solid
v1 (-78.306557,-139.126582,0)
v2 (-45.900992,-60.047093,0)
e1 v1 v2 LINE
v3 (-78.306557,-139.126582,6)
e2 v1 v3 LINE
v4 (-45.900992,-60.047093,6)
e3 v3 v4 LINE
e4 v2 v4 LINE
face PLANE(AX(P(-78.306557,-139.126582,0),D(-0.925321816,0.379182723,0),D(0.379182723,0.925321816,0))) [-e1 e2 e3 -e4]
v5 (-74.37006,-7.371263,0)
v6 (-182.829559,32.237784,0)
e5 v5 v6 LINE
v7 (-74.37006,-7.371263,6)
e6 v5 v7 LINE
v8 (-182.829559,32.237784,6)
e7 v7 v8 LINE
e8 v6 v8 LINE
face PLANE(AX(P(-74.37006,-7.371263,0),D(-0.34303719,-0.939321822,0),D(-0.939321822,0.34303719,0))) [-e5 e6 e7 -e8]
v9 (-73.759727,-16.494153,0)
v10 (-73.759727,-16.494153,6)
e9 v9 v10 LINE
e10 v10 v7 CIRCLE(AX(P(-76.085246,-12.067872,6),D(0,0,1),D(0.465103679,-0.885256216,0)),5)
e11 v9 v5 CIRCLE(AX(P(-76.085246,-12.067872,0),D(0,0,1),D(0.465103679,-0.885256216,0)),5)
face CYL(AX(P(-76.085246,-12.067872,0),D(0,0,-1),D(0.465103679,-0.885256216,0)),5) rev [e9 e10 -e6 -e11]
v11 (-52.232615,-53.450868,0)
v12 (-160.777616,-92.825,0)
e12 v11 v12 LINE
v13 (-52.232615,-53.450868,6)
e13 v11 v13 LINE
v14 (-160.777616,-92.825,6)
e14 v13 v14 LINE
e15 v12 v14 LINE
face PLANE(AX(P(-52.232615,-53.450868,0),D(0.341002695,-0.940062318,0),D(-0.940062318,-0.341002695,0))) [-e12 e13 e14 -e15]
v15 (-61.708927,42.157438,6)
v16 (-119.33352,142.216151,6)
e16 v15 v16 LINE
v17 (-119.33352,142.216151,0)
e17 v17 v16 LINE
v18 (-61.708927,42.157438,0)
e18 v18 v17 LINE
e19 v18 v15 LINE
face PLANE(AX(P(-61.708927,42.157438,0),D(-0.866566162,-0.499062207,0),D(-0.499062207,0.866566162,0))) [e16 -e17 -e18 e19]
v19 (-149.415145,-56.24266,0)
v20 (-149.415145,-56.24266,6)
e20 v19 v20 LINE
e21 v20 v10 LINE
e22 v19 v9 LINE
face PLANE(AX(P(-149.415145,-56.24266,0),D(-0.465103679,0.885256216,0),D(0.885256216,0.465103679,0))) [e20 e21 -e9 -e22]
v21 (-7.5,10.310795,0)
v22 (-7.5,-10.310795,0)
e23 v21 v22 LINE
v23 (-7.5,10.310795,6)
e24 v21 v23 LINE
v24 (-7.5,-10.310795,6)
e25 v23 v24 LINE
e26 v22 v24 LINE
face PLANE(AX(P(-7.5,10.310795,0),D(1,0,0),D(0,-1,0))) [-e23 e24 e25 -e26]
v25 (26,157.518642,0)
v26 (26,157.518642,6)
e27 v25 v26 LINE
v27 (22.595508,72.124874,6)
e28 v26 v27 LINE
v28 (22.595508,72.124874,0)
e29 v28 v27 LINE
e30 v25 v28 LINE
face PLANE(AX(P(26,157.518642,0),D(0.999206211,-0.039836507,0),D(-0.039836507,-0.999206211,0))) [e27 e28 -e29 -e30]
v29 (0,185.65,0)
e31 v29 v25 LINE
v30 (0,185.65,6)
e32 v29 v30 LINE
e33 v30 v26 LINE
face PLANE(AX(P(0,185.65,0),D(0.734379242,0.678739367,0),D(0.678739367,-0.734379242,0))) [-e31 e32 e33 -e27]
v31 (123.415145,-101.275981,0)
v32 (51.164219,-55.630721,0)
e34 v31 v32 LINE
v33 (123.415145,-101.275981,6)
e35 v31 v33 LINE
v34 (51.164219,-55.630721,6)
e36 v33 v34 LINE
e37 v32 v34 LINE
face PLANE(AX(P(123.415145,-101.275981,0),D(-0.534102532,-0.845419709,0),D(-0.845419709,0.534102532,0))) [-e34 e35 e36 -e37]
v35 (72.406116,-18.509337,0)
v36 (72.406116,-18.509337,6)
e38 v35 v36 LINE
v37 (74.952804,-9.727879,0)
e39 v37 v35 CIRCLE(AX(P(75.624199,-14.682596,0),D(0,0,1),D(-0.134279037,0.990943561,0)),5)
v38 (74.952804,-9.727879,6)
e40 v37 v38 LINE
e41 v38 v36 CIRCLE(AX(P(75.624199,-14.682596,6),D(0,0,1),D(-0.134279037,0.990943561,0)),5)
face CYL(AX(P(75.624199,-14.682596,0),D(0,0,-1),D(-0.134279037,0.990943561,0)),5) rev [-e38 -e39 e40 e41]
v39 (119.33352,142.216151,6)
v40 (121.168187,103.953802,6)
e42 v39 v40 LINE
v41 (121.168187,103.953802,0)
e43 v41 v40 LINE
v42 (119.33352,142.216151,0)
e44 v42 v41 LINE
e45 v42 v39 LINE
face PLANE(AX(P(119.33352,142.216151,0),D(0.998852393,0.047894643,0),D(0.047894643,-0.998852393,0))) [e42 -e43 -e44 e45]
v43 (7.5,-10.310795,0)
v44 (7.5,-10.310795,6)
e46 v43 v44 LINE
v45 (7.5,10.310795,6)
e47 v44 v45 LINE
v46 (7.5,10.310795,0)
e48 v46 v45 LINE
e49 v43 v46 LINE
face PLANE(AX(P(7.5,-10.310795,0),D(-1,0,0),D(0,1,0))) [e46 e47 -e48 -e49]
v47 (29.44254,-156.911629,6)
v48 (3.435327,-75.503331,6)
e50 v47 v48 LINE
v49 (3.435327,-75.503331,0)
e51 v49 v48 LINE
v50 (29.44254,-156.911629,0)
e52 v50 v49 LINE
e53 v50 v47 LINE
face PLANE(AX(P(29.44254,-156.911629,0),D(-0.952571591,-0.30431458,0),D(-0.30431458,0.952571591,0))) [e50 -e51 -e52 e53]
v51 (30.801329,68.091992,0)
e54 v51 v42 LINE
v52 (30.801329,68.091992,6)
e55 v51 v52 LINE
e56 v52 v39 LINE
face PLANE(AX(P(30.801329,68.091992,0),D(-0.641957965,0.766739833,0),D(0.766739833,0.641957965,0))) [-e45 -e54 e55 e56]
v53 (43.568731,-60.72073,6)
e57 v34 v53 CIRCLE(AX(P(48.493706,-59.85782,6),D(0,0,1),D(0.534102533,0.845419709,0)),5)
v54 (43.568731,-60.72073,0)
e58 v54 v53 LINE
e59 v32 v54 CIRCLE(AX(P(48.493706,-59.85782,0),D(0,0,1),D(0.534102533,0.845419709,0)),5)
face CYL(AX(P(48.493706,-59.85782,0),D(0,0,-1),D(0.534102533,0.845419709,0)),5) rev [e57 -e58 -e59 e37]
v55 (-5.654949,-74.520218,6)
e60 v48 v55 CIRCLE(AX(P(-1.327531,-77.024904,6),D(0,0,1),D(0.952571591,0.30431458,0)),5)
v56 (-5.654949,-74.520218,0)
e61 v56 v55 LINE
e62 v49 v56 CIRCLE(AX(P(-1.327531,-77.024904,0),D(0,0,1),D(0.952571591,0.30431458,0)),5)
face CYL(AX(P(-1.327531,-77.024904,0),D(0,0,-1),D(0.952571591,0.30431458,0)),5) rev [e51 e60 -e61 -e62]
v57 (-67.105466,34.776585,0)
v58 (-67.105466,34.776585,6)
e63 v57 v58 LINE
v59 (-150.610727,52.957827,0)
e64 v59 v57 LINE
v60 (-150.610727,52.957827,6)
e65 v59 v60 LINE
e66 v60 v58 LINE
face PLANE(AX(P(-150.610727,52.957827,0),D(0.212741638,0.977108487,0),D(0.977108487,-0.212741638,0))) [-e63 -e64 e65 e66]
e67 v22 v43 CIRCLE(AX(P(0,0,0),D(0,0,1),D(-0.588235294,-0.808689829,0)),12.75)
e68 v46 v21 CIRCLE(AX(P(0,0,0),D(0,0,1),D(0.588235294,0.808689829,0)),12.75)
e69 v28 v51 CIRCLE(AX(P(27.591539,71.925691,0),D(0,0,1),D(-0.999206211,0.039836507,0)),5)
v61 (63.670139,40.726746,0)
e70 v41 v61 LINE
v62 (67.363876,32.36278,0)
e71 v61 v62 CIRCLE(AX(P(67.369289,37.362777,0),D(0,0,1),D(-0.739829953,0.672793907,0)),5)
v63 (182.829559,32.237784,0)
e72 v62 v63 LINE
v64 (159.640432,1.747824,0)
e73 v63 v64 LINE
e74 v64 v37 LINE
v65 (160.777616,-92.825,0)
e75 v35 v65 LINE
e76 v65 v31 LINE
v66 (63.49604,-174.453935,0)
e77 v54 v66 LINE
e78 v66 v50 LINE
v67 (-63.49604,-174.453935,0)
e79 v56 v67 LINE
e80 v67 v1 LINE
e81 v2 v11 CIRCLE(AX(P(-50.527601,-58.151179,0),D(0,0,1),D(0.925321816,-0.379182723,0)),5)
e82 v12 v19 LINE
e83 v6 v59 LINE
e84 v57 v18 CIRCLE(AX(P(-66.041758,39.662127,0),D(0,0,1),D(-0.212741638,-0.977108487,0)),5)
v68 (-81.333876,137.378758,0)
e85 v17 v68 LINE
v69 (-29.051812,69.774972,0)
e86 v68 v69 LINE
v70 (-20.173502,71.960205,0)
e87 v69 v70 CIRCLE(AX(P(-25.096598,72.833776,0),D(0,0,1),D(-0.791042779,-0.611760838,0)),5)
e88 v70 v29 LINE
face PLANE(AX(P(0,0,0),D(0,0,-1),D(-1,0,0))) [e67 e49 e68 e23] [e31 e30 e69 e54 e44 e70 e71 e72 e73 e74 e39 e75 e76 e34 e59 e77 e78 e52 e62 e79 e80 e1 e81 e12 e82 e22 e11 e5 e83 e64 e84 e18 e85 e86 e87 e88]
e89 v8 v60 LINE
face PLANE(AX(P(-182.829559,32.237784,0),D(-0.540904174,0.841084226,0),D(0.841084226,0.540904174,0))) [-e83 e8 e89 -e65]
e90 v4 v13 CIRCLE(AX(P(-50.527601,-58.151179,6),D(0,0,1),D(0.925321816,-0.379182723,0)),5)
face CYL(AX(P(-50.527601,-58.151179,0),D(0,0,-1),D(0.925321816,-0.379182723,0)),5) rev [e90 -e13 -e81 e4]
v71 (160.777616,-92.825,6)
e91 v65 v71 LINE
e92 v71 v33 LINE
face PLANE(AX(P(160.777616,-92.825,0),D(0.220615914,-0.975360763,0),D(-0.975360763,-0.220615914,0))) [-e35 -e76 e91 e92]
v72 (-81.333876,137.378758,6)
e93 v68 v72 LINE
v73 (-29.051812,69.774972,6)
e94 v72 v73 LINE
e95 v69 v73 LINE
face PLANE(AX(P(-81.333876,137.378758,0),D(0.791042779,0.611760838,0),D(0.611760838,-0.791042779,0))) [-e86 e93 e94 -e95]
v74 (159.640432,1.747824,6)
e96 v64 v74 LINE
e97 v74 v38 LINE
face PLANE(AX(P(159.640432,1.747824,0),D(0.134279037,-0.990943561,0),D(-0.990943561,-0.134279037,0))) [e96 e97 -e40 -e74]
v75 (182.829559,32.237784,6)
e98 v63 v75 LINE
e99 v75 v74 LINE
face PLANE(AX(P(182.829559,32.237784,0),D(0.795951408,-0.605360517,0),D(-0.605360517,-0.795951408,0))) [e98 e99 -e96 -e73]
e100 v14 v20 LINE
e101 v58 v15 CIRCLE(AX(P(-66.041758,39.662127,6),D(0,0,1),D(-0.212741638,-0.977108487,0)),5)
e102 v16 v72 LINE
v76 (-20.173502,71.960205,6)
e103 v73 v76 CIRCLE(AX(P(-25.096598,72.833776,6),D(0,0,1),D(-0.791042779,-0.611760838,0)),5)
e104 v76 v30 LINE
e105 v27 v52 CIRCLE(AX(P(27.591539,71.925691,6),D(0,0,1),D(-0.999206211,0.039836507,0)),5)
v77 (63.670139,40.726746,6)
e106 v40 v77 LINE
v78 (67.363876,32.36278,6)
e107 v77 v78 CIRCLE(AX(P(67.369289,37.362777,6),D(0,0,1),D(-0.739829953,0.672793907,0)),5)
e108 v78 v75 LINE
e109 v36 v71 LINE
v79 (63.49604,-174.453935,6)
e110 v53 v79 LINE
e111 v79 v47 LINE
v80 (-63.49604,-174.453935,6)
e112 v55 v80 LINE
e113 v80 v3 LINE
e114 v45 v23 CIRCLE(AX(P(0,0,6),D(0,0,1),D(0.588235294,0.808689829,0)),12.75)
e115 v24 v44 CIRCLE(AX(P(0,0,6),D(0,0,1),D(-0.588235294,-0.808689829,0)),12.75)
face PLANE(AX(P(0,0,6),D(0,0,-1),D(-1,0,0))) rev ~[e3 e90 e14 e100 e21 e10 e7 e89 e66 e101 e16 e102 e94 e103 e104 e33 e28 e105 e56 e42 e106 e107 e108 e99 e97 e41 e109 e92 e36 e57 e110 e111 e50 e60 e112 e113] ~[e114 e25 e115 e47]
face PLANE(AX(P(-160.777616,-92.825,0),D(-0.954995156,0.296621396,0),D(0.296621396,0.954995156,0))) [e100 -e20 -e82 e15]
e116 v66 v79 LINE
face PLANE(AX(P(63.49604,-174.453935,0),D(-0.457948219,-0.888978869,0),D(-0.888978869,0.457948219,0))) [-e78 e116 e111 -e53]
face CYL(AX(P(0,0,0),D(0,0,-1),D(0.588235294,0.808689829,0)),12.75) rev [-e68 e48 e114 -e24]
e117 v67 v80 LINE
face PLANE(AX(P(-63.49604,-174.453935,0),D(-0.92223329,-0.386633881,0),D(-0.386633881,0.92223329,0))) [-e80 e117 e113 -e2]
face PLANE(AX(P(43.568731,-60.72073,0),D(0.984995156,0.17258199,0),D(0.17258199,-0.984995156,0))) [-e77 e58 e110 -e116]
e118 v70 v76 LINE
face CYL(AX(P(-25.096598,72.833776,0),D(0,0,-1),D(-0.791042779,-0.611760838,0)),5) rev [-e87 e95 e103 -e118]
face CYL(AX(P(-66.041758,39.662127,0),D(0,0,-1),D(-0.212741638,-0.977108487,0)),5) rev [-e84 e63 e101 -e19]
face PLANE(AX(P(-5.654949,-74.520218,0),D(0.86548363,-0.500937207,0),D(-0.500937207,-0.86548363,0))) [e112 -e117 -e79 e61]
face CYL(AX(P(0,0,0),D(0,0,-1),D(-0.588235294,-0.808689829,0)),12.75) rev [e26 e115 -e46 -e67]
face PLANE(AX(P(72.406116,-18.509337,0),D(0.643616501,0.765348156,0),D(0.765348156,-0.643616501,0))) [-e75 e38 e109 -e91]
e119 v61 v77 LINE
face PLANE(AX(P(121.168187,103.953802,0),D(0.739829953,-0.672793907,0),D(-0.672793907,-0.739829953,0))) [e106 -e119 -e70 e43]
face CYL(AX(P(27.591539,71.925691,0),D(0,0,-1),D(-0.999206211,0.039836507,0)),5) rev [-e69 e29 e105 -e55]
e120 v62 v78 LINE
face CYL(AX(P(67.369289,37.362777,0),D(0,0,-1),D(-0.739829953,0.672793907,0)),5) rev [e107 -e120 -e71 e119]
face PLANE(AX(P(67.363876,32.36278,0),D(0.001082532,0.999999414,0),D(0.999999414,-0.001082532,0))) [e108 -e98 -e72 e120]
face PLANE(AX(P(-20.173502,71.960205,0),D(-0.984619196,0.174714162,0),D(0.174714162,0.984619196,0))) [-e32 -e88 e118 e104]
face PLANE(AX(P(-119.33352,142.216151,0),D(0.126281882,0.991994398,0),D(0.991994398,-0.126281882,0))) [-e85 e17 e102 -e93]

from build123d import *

# Parameters (mm, degrees)
BOSS_EXTRU_1_DEPTH = 6


with BuildPart() as part:
    # Esquisse1 → Boss.-Extru.1 (new body)
    with BuildSketch(Plane.XY):
        with BuildLine():
            Line((-20.173501956, 71.960204906), (0, 185.65))
            Line((0, 185.65), (26, 157.518641754))
            Line((26, 157.518641754), (22.59550815, 72.124873891))
            ThreePointArc((22.59550815, 72.124873891), (25.386159845, 67.438342266), (30.801329033, 68.091992195))
            Line((30.801329033, 68.091992195), (119.333519738, 142.216150865))
            Line((119.333519738, 142.216150865), (121.168186735, 103.953802351))
            Line((121.168186735, 103.953802351), (63.670138745, 40.726746182))
            ThreePointArc((63.670138745, 40.726746182), (62.795457508, 35.34285834), (67.363875848, 32.362779578))
            Line((67.363875848, 32.362779578), (182.829559347, 32.237784184))
            Line((182.829559347, 32.237784184), (159.640432263, 1.747823511))
            Line((159.640432263, 1.747823511), (74.952803807, -9.727878693))
            ThreePointArc((74.952803807, -9.727878693), (70.822062709, -13.289941795), (72.406116488, -18.509337276))
            Line((72.406116488, -18.509337276), (160.777616213, -92.825))
            Line((160.777616213, -92.825), (123.415145329, -101.275981375))
            Line((123.415145329, -101.275981375), (51.16421896, -55.630721015))
            ThreePointArc((51.16421896, -55.630721015), (45.710237669, -55.704230463), (43.568730519, -60.72072951))
            Line((43.568730519, -60.72072951), (63.496039608, -174.453935049))
            Line((63.496039608, -174.453935049), (29.442540289, -156.911629019))
            Line((29.442540289, -156.911629019), (3.435327434, -75.503330707))
            ThreePointArc((3.435327434, -75.503330707), (-0.789915589, -72.053890614), (-5.654948672, -74.520217571))
            Line((-5.654948672, -74.520217571), (-63.496039608, -174.453935049))
            Line((-63.496039608, -174.453935049), (-78.30655657, -139.126581566))
            Line((-78.30655657, -139.126581566), (-45.900991977, -60.047092835))
            ThreePointArc((-45.900991977, -60.047092835), (-46.920458564, -54.688734557), (-52.232614532, -53.45086763))
            Line((-52.232614532, -53.45086763), (-160.777616213, -92.825))
            Line((-160.777616213, -92.825), (-149.415145329, -56.242660379))
            Line((-149.415145329, -56.242660379), (-73.75972711, -16.494152877))
            ThreePointArc((-73.75972711, -16.494152877), (-71.096397514, -11.734111803), (-74.370059552, -7.371262685))
            Line((-74.370059552, -7.371262685), (-182.829559347, 32.237784184))
            Line((-182.829559347, 32.237784184), (-150.610727024, 52.957826667))
            Line((-150.610727024, 52.957826667), (-67.10546618, 34.776584525))
            ThreePointArc((-67.10546618, 34.776584525), (-62.005541919, 36.711032274), (-61.708927176, 42.157437993))
            Line((-61.708927176, 42.157437993), (-119.333519738, 142.216150865))
            Line((-119.333519738, 142.216150865), (-81.333875693, 137.378758055))
            Line((-81.333875693, 137.378758055), (-29.05181183, 69.774971528))
            ThreePointArc((-29.05181183, 69.774971528), (-23.901604145, 67.978676352), (-20.173501956, 71.960204906))
        make_face()
        with BuildLine():
            Line((-7.5, 10.310795314), (-7.5, -10.310795314))
            ThreePointArc((-7.5, -10.310795314), (0, -12.75), (7.5, -10.310795314))
            Line((7.5, -10.310795314), (7.5, 10.310795314))
            ThreePointArc((7.5, 10.310795314), (0, 12.75), (-7.5, 10.310795314))
        make_face(mode=Mode.SUBTRACT)
    extrude(amount=BOSS_EXTRU_1_DEPTH)


solid = part.part
